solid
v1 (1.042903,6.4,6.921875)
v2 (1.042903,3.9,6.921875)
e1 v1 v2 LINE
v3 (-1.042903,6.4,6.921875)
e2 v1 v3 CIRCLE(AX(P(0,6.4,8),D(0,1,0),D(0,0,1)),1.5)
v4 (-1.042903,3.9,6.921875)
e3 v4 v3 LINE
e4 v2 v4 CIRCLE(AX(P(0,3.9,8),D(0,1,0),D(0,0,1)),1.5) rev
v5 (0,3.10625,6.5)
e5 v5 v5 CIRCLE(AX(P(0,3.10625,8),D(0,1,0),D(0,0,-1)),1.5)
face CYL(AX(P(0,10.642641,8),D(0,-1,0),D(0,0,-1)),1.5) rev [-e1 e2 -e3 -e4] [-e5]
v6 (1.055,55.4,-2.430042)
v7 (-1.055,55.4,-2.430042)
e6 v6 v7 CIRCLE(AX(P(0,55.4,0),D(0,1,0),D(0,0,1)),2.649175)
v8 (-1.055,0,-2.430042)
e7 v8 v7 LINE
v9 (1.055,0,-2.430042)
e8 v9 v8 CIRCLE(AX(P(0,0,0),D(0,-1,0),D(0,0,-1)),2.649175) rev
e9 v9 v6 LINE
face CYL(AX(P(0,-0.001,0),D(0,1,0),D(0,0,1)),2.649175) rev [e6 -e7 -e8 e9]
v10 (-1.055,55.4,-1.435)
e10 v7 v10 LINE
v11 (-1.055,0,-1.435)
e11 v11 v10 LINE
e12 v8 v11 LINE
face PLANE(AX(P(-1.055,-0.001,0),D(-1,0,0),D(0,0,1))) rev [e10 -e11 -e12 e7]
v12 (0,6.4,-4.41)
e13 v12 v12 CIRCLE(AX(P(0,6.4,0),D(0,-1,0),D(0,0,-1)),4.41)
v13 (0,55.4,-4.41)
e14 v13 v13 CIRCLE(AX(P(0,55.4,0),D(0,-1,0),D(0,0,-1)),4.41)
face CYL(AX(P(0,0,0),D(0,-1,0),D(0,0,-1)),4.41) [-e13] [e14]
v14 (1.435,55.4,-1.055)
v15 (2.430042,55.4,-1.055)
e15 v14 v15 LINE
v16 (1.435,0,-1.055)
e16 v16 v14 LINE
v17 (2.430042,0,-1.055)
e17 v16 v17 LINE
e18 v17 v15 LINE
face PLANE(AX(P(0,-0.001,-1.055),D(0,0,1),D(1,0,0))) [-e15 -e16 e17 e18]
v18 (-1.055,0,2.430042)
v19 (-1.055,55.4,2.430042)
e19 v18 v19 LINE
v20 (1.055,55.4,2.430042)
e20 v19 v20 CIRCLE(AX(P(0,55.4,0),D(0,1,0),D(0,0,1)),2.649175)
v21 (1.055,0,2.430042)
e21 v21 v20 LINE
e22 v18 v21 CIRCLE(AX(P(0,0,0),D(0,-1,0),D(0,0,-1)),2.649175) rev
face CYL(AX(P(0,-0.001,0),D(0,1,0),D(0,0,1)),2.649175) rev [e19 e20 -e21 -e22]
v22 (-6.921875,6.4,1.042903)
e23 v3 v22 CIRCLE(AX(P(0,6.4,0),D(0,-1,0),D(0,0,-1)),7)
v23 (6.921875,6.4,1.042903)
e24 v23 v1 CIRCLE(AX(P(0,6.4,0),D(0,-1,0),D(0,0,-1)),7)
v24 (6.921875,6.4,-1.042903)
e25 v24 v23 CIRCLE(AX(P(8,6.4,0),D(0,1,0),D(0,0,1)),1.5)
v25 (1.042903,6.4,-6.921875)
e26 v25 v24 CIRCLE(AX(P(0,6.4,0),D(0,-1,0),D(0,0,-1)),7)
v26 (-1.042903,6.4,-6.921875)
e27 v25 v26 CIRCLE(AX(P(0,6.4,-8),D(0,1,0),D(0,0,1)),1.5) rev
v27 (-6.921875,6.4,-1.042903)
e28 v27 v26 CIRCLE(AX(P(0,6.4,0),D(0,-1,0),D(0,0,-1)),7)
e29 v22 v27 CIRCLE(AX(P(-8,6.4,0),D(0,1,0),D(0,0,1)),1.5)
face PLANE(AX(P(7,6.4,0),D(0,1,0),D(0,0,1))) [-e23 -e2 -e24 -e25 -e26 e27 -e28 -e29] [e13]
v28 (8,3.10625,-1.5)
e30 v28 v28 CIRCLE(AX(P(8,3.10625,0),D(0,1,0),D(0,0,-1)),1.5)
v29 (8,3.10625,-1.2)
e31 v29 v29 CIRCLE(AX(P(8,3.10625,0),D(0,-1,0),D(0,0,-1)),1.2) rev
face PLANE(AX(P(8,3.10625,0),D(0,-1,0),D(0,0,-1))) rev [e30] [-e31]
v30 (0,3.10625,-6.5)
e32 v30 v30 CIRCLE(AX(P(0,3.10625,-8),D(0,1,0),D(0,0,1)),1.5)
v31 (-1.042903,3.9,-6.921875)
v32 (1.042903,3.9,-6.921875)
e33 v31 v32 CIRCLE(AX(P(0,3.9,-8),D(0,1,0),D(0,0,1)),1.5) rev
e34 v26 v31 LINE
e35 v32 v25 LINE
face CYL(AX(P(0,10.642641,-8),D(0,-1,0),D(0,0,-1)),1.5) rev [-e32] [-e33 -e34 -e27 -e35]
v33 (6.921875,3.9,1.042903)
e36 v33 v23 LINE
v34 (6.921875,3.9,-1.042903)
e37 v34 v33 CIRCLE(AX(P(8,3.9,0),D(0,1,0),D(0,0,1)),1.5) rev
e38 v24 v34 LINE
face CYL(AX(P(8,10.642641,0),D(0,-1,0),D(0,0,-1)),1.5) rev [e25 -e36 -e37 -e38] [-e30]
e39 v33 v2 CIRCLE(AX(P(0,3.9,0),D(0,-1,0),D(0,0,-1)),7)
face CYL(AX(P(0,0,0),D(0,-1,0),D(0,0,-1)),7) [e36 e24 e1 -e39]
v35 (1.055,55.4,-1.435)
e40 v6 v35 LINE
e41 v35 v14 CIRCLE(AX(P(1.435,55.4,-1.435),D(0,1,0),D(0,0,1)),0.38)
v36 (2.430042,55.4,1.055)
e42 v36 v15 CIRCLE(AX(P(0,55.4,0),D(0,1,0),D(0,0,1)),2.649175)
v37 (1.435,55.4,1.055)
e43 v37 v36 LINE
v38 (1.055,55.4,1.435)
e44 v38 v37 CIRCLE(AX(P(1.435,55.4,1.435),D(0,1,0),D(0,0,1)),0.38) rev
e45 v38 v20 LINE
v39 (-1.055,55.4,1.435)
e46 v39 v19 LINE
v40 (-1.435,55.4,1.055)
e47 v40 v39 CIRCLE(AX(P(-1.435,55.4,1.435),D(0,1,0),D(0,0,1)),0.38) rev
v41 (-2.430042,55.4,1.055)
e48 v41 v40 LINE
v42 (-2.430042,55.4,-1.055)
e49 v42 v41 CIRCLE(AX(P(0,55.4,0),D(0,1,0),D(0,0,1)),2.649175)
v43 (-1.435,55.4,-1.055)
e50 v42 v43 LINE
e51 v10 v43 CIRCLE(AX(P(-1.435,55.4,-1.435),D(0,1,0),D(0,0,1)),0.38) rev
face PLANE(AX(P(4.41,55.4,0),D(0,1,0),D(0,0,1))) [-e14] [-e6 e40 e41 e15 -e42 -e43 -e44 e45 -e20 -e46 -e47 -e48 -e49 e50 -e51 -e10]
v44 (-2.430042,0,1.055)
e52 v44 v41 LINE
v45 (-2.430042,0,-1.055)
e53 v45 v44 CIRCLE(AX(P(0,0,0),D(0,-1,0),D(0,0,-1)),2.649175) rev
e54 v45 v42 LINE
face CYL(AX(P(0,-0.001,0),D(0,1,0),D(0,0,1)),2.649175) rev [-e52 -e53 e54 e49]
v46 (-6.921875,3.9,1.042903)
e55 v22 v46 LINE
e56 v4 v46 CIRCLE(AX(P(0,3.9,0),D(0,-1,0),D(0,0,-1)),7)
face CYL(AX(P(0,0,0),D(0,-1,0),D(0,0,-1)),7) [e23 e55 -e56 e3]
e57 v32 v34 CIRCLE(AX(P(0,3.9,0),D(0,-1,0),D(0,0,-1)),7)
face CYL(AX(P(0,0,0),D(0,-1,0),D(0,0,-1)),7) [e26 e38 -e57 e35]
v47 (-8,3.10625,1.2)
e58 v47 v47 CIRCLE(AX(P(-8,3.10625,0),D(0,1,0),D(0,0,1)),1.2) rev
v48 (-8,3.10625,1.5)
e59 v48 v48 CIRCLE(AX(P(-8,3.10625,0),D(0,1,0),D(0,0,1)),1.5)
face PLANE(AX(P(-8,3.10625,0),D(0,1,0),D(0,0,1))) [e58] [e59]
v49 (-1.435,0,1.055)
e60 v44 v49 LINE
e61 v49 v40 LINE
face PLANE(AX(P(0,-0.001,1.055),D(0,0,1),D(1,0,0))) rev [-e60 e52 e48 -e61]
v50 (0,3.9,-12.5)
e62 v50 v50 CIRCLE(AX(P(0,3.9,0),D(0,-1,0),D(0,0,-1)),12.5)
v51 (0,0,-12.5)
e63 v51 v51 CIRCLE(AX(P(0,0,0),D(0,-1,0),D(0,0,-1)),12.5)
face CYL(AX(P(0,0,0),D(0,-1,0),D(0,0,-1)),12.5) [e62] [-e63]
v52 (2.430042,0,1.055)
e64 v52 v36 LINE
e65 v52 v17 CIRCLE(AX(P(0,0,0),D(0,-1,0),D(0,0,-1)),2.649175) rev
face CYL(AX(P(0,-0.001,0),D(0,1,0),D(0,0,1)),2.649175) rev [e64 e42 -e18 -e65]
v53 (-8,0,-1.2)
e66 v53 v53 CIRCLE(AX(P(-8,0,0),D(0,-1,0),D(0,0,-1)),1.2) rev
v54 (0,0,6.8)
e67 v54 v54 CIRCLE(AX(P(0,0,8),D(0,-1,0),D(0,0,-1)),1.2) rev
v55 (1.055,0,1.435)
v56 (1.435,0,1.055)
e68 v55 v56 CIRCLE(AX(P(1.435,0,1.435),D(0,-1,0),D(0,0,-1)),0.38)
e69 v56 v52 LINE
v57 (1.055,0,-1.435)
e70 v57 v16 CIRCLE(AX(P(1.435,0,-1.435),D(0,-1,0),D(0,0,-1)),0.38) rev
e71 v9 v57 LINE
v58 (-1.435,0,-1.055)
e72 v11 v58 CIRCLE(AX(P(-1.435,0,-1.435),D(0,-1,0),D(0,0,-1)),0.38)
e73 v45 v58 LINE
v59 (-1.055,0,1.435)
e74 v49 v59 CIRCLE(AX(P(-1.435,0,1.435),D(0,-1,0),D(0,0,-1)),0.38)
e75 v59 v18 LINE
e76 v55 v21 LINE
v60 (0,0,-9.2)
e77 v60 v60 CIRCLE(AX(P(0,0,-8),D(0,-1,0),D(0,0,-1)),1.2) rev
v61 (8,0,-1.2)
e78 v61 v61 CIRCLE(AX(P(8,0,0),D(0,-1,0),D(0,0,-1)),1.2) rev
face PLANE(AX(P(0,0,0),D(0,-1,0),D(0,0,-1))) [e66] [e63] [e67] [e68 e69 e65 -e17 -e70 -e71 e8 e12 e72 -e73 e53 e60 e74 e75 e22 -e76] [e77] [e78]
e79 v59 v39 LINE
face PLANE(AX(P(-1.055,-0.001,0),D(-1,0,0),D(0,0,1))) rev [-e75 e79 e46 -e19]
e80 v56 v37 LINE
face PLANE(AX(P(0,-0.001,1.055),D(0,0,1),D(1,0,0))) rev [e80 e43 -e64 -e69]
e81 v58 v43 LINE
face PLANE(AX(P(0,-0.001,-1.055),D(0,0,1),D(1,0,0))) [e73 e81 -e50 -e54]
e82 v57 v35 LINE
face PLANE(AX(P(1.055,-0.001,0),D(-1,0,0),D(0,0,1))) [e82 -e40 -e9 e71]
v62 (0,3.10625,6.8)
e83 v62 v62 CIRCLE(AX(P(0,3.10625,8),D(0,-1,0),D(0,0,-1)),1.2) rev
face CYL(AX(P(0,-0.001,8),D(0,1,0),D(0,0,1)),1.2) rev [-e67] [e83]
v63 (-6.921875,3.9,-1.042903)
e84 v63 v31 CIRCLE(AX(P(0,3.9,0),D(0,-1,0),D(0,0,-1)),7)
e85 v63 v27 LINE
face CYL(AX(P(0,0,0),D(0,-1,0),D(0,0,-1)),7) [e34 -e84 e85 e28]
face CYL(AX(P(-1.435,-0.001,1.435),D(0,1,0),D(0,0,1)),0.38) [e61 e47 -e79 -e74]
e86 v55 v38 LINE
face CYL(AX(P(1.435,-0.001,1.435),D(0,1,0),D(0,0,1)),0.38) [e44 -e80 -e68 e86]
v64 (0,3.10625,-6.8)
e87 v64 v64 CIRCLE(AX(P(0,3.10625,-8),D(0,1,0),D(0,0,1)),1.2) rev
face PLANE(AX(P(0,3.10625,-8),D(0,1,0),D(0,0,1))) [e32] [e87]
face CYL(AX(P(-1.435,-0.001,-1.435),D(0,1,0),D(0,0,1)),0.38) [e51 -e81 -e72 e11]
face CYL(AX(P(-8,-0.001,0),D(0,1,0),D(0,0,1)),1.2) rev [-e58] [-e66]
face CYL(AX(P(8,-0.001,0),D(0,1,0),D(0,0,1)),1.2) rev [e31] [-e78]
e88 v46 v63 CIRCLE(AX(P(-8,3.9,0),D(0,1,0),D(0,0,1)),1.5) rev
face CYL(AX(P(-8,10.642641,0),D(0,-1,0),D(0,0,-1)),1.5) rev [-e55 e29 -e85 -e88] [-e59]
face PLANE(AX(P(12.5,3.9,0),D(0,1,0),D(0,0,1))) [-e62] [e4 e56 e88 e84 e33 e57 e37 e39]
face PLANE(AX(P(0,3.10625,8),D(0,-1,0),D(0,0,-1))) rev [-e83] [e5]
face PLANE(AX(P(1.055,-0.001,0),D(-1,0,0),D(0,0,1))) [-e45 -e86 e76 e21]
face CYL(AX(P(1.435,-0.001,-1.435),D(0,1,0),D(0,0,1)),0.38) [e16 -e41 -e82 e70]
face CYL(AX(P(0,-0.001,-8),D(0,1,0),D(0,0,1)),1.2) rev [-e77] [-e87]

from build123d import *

# Parameters (mm, degrees)
CUT_EXTRUDE1_REACH             = 60.152
SKETCH3_R                      = 1.5
CUT_EXTRUDE2_DEPTH             = 0.79375
CUT_EXTRUDE2_DIRECTION_2_REACH = 56.45
CUT_EXTRUDE3_REACH             = 56.45
SKETCH5_R                      = 1.2


with BuildPart() as part:
    # Sketch1 → Revolve1 (revolve)
    with BuildSketch(Plane.XY, mode=Mode.PRIVATE) as revolve1_sk:
        Polygon((0, 0), (0, 55.4), (4.41, 55.4), (4.41, 6.4), (7, 6.4), (7, 3.9), (12.5, 3.9), (12.5, 0), align=None)
    revolve(revolve1_sk.sketch.rotate(Axis((0, 0, 0), (0, 1, 0)), 90), axis=Axis((0, 0, 0), (0, 1, 0)))

    # Sketch2 → Cut-Extrude1 (cut, up to next)
    with BuildSketch(Plane(origin=(0, 55.4, 0), x_dir=(1, 0, 0), z_dir=(0, 1, 0)), mode=Mode.PRIVATE) as cut_extrude1_sk1:
        with BuildLine():
            Line((-0.935, -1.435), (-0.935, -2.35))
            ThreePointArc((-0.935, -2.35), (0, -2.529174767), (0.935, -2.35))
            Line((0.935, -2.35), (0.935, -1.435))
            ThreePointArc((0.935, -1.435), (1.081446609, -1.081446609), (1.435, -0.935))
            Line((1.435, -0.935), (2.35, -0.935))
            ThreePointArc((2.35, -0.935), (2.529174767, 0), (2.35, 0.935))
            Line((2.35, 0.935), (1.435, 0.935))
            ThreePointArc((1.435, 0.935), (1.081446609, 1.081446609), (0.935, 1.435))
            Line((0.935, 1.435), (0.935, 2.35))
            ThreePointArc((0.935, 2.35), (0, 2.529174767), (-0.935, 2.35))
            Line((-0.935, 2.35), (-0.935, 1.435))
            ThreePointArc((-0.935, 1.435), (-1.081446609, 1.081446609), (-1.435, 0.935))
            Line((-1.435, 0.935), (-2.35, 0.935))
            ThreePointArc((-2.35, 0.935), (-2.529174767, 0), (-2.35, -0.935))
            Line((-2.35, -0.935), (-1.435, -0.935))
            ThreePointArc((-1.435, -0.935), (-1.081446609, -1.081446609), (-0.935, -1.435))
        make_face()
    cut_extrude1_tool1 = extrude(cut_extrude1_sk1.sketch, amount=-CUT_EXTRUDE1_REACH, mode=Mode.PRIVATE) & part.part
    # Sketch2 → Cut-Extrude1 (cut, up to next)
    with BuildSketch(Plane(origin=(0, 55.4, 0), x_dir=(1, 0, 0), z_dir=(0, 1, 0)), mode=Mode.PRIVATE) as cut_extrude1_sk2:
        with BuildLine():
            Line((1.055, 2.430041552), (1.055, 1.435))
            ThreePointArc((1.055, 1.435), (1.166299423, 1.166299423), (1.435, 1.055))
            Line((1.435, 1.055), (2.430041552, 1.055))
            ThreePointArc((2.430041552, 1.055), (2.649174767, 0), (2.430041552, -1.055))
            Line((2.430041552, -1.055), (1.435, -1.055))
            ThreePointArc((1.435, -1.055), (1.166299423, -1.166299423), (1.055, -1.435))
            Line((1.055, -1.435), (1.055, -2.430041552))
            ThreePointArc((1.055, -2.430041552), (0, -2.649174767), (-1.055, -2.430041552))
            Line((-1.055, -2.430041552), (-1.055, -1.435))
            ThreePointArc((-1.055, -1.435), (-1.166299423, -1.166299423), (-1.435, -1.055))
            Line((-1.435, -1.055), (-2.430041552, -1.055))
            ThreePointArc((-2.430041552, -1.055), (-2.649174767, 0), (-2.430041552, 1.055))
            Line((-2.430041552, 1.055), (-1.435, 1.055))
            ThreePointArc((-1.435, 1.055), (-1.166299423, 1.166299423), (-1.055, 1.435))
            Line((-1.055, 1.435), (-1.055, 2.430041552))
            ThreePointArc((-1.055, 2.430041552), (0, 2.649174767), (1.055, 2.430041552))
        make_face()
    cut_extrude1_tool2 = extrude(cut_extrude1_sk2.sketch, amount=-CUT_EXTRUDE1_REACH, mode=Mode.PRIVATE) & part.part
    add(cut_extrude1_tool1.solids().sort_by_distance((0, 55.4, 0))[0], mode=Mode.SUBTRACT)
    add(cut_extrude1_tool2.solids().sort_by_distance((0, 55.4, 0))[0], mode=Mode.SUBTRACT)

    # Sketch3 → Cut-Extrude2 (cut)
    with BuildSketch(Plane(origin=(0, 3.9, 0), x_dir=(1, 0, 0), z_dir=(0, 1, 0))):
        with Locations(Location((0, 8, 0), (0, 0, 314.048625674))):
            Circle(SKETCH3_R)
        with Locations(Location((0, -8, 0), (0, 0, 90))):
            Circle(SKETCH3_R)
        with Locations(Location((-8, 0, 0), (0, 0, 44.048625674))):
            Circle(SKETCH3_R)
        with Locations(Location((8, 0, 0), (0, 0, 90))):
            Circle(SKETCH3_R)
    extrude(amount=-CUT_EXTRUDE2_DEPTH, mode=Mode.SUBTRACT)

    # Cut-Extrude2 direction 2: up to this face of the body (flat: up to its plane)
    cut_extrude2_direction_2_end = Plane(part.part.faces().sort_by_distance((0, 6.4, 4.607989899))[0])
    # Sketch3 → Cut-Extrude2 direction 2 (cut, up to the picked face)
    with BuildSketch(Plane(origin=(0, 3.9, 0), x_dir=(1, 0, 0), z_dir=(0, 1, 0)), mode=Mode.PRIVATE) as cut_extrude2_direction_2_sk1:
        with Locations(Location((0, 8, 0), (0, 0, 314.048625674))):
            Circle(SKETCH3_R)
    cut_extrude2_direction_2_tool1 = split(extrude(cut_extrude2_direction_2_sk1.sketch, amount=CUT_EXTRUDE2_DIRECTION_2_REACH, mode=Mode.PRIVATE), bisect_by=cut_extrude2_direction_2_end, keep=Keep.BOTH, mode=Mode.PRIVATE)
    # Sketch3 → Cut-Extrude2 direction 2 (cut, up to the picked face)
    with BuildSketch(Plane(origin=(0, 3.9, 0), x_dir=(1, 0, 0), z_dir=(0, 1, 0)), mode=Mode.PRIVATE) as cut_extrude2_direction_2_sk2:
        with Locations(Location((0, -8, 0), (0, 0, 90))):
            Circle(SKETCH3_R)
    cut_extrude2_direction_2_tool2 = split(extrude(cut_extrude2_direction_2_sk2.sketch, amount=CUT_EXTRUDE2_DIRECTION_2_REACH, mode=Mode.PRIVATE), bisect_by=cut_extrude2_direction_2_end, keep=Keep.BOTH, mode=Mode.PRIVATE)
    # Sketch3 → Cut-Extrude2 direction 2 (cut, up to the picked face)
    with BuildSketch(Plane(origin=(0, 3.9, 0), x_dir=(1, 0, 0), z_dir=(0, 1, 0)), mode=Mode.PRIVATE) as cut_extrude2_direction_2_sk3:
        with Locations(Location((-8, 0, 0), (0, 0, 44.048625674))):
            Circle(SKETCH3_R)
    cut_extrude2_direction_2_tool3 = split(extrude(cut_extrude2_direction_2_sk3.sketch, amount=CUT_EXTRUDE2_DIRECTION_2_REACH, mode=Mode.PRIVATE), bisect_by=cut_extrude2_direction_2_end, keep=Keep.BOTH, mode=Mode.PRIVATE)
    # Sketch3 → Cut-Extrude2 direction 2 (cut, up to the picked face)
    with BuildSketch(Plane(origin=(0, 3.9, 0), x_dir=(1, 0, 0), z_dir=(0, 1, 0)), mode=Mode.PRIVATE) as cut_extrude2_direction_2_sk4:
        with Locations(Location((8, 0, 0), (0, 0, 90))):
            Circle(SKETCH3_R)
    cut_extrude2_direction_2_tool4 = split(extrude(cut_extrude2_direction_2_sk4.sketch, amount=CUT_EXTRUDE2_DIRECTION_2_REACH, mode=Mode.PRIVATE), bisect_by=cut_extrude2_direction_2_end, keep=Keep.BOTH, mode=Mode.PRIVATE)
    add(cut_extrude2_direction_2_tool1.solids().sort_by(Axis((0, 3.9, -8), (0, 1, 0)))[0], mode=Mode.SUBTRACT)
    add(cut_extrude2_direction_2_tool2.solids().sort_by(Axis((0, 3.9, 8), (0, 1, 0)))[0], mode=Mode.SUBTRACT)
    add(cut_extrude2_direction_2_tool3.solids().sort_by(Axis((-8, 3.9, 0), (0, 1, 0)))[0], mode=Mode.SUBTRACT)
    add(cut_extrude2_direction_2_tool4.solids().sort_by(Axis((8, 3.9, 0), (0, 1, 0)))[0], mode=Mode.SUBTRACT)

    # Sketch5 → Cut-Extrude3 (cut, up to next)
    with BuildSketch(Plane(origin=(0, 3.9, 0), x_dir=(1, 0, 0), z_dir=(0, 1, 0)), mode=Mode.PRIVATE) as cut_extrude3_sk1:
        with Locations(Location((8, 0, 0), (0, 0, 90))):
            Circle(SKETCH5_R)
    cut_extrude3_tool1 = extrude(cut_extrude3_sk1.sketch, amount=-CUT_EXTRUDE3_REACH, mode=Mode.PRIVATE) & part.part
    # Sketch5 → Cut-Extrude3 (cut, up to next)
    with BuildSketch(Plane(origin=(0, 3.9, 0), x_dir=(1, 0, 0), z_dir=(0, 1, 0)), mode=Mode.PRIVATE) as cut_extrude3_sk2:
        with Locations(Location((0, 8, 0), (0, 0, 270))):
            Circle(SKETCH5_R)
    cut_extrude3_tool2 = extrude(cut_extrude3_sk2.sketch, amount=-CUT_EXTRUDE3_REACH, mode=Mode.PRIVATE) & part.part
    # Sketch5 → Cut-Extrude3 (cut, up to next)
    with BuildSketch(Plane(origin=(0, 3.9, 0), x_dir=(1, 0, 0), z_dir=(0, 1, 0)), mode=Mode.PRIVATE) as cut_extrude3_sk3:
        with Locations(Location((-8, 0, 0), (0, 0, 270))):
            Circle(SKETCH5_R)
    cut_extrude3_tool3 = extrude(cut_extrude3_sk3.sketch, amount=-CUT_EXTRUDE3_REACH, mode=Mode.PRIVATE) & part.part
    # Sketch5 → Cut-Extrude3 (cut, up to next)
    with BuildSketch(Plane(origin=(0, 3.9, 0), x_dir=(1, 0, 0), z_dir=(0, 1, 0)), mode=Mode.PRIVATE) as cut_extrude3_sk4:
        with Locations(Location((0, -8, 0), (0, 0, 90))):
            Circle(SKETCH5_R)
    cut_extrude3_tool4 = extrude(cut_extrude3_sk4.sketch, amount=-CUT_EXTRUDE3_REACH, mode=Mode.PRIVATE) & part.part
    add(cut_extrude3_tool1.solids().sort_by_distance((8, 3.9, 0))[0], mode=Mode.SUBTRACT)
    add(cut_extrude3_tool2.solids().sort_by_distance((0, 3.9, -8))[0], mode=Mode.SUBTRACT)
    add(cut_extrude3_tool3.solids().sort_by_distance((-8, 3.9, 0))[0], mode=Mode.SUBTRACT)
    add(cut_extrude3_tool4.solids().sort_by_distance((0, 3.9, 8))[0], mode=Mode.SUBTRACT)


solid = part.part
